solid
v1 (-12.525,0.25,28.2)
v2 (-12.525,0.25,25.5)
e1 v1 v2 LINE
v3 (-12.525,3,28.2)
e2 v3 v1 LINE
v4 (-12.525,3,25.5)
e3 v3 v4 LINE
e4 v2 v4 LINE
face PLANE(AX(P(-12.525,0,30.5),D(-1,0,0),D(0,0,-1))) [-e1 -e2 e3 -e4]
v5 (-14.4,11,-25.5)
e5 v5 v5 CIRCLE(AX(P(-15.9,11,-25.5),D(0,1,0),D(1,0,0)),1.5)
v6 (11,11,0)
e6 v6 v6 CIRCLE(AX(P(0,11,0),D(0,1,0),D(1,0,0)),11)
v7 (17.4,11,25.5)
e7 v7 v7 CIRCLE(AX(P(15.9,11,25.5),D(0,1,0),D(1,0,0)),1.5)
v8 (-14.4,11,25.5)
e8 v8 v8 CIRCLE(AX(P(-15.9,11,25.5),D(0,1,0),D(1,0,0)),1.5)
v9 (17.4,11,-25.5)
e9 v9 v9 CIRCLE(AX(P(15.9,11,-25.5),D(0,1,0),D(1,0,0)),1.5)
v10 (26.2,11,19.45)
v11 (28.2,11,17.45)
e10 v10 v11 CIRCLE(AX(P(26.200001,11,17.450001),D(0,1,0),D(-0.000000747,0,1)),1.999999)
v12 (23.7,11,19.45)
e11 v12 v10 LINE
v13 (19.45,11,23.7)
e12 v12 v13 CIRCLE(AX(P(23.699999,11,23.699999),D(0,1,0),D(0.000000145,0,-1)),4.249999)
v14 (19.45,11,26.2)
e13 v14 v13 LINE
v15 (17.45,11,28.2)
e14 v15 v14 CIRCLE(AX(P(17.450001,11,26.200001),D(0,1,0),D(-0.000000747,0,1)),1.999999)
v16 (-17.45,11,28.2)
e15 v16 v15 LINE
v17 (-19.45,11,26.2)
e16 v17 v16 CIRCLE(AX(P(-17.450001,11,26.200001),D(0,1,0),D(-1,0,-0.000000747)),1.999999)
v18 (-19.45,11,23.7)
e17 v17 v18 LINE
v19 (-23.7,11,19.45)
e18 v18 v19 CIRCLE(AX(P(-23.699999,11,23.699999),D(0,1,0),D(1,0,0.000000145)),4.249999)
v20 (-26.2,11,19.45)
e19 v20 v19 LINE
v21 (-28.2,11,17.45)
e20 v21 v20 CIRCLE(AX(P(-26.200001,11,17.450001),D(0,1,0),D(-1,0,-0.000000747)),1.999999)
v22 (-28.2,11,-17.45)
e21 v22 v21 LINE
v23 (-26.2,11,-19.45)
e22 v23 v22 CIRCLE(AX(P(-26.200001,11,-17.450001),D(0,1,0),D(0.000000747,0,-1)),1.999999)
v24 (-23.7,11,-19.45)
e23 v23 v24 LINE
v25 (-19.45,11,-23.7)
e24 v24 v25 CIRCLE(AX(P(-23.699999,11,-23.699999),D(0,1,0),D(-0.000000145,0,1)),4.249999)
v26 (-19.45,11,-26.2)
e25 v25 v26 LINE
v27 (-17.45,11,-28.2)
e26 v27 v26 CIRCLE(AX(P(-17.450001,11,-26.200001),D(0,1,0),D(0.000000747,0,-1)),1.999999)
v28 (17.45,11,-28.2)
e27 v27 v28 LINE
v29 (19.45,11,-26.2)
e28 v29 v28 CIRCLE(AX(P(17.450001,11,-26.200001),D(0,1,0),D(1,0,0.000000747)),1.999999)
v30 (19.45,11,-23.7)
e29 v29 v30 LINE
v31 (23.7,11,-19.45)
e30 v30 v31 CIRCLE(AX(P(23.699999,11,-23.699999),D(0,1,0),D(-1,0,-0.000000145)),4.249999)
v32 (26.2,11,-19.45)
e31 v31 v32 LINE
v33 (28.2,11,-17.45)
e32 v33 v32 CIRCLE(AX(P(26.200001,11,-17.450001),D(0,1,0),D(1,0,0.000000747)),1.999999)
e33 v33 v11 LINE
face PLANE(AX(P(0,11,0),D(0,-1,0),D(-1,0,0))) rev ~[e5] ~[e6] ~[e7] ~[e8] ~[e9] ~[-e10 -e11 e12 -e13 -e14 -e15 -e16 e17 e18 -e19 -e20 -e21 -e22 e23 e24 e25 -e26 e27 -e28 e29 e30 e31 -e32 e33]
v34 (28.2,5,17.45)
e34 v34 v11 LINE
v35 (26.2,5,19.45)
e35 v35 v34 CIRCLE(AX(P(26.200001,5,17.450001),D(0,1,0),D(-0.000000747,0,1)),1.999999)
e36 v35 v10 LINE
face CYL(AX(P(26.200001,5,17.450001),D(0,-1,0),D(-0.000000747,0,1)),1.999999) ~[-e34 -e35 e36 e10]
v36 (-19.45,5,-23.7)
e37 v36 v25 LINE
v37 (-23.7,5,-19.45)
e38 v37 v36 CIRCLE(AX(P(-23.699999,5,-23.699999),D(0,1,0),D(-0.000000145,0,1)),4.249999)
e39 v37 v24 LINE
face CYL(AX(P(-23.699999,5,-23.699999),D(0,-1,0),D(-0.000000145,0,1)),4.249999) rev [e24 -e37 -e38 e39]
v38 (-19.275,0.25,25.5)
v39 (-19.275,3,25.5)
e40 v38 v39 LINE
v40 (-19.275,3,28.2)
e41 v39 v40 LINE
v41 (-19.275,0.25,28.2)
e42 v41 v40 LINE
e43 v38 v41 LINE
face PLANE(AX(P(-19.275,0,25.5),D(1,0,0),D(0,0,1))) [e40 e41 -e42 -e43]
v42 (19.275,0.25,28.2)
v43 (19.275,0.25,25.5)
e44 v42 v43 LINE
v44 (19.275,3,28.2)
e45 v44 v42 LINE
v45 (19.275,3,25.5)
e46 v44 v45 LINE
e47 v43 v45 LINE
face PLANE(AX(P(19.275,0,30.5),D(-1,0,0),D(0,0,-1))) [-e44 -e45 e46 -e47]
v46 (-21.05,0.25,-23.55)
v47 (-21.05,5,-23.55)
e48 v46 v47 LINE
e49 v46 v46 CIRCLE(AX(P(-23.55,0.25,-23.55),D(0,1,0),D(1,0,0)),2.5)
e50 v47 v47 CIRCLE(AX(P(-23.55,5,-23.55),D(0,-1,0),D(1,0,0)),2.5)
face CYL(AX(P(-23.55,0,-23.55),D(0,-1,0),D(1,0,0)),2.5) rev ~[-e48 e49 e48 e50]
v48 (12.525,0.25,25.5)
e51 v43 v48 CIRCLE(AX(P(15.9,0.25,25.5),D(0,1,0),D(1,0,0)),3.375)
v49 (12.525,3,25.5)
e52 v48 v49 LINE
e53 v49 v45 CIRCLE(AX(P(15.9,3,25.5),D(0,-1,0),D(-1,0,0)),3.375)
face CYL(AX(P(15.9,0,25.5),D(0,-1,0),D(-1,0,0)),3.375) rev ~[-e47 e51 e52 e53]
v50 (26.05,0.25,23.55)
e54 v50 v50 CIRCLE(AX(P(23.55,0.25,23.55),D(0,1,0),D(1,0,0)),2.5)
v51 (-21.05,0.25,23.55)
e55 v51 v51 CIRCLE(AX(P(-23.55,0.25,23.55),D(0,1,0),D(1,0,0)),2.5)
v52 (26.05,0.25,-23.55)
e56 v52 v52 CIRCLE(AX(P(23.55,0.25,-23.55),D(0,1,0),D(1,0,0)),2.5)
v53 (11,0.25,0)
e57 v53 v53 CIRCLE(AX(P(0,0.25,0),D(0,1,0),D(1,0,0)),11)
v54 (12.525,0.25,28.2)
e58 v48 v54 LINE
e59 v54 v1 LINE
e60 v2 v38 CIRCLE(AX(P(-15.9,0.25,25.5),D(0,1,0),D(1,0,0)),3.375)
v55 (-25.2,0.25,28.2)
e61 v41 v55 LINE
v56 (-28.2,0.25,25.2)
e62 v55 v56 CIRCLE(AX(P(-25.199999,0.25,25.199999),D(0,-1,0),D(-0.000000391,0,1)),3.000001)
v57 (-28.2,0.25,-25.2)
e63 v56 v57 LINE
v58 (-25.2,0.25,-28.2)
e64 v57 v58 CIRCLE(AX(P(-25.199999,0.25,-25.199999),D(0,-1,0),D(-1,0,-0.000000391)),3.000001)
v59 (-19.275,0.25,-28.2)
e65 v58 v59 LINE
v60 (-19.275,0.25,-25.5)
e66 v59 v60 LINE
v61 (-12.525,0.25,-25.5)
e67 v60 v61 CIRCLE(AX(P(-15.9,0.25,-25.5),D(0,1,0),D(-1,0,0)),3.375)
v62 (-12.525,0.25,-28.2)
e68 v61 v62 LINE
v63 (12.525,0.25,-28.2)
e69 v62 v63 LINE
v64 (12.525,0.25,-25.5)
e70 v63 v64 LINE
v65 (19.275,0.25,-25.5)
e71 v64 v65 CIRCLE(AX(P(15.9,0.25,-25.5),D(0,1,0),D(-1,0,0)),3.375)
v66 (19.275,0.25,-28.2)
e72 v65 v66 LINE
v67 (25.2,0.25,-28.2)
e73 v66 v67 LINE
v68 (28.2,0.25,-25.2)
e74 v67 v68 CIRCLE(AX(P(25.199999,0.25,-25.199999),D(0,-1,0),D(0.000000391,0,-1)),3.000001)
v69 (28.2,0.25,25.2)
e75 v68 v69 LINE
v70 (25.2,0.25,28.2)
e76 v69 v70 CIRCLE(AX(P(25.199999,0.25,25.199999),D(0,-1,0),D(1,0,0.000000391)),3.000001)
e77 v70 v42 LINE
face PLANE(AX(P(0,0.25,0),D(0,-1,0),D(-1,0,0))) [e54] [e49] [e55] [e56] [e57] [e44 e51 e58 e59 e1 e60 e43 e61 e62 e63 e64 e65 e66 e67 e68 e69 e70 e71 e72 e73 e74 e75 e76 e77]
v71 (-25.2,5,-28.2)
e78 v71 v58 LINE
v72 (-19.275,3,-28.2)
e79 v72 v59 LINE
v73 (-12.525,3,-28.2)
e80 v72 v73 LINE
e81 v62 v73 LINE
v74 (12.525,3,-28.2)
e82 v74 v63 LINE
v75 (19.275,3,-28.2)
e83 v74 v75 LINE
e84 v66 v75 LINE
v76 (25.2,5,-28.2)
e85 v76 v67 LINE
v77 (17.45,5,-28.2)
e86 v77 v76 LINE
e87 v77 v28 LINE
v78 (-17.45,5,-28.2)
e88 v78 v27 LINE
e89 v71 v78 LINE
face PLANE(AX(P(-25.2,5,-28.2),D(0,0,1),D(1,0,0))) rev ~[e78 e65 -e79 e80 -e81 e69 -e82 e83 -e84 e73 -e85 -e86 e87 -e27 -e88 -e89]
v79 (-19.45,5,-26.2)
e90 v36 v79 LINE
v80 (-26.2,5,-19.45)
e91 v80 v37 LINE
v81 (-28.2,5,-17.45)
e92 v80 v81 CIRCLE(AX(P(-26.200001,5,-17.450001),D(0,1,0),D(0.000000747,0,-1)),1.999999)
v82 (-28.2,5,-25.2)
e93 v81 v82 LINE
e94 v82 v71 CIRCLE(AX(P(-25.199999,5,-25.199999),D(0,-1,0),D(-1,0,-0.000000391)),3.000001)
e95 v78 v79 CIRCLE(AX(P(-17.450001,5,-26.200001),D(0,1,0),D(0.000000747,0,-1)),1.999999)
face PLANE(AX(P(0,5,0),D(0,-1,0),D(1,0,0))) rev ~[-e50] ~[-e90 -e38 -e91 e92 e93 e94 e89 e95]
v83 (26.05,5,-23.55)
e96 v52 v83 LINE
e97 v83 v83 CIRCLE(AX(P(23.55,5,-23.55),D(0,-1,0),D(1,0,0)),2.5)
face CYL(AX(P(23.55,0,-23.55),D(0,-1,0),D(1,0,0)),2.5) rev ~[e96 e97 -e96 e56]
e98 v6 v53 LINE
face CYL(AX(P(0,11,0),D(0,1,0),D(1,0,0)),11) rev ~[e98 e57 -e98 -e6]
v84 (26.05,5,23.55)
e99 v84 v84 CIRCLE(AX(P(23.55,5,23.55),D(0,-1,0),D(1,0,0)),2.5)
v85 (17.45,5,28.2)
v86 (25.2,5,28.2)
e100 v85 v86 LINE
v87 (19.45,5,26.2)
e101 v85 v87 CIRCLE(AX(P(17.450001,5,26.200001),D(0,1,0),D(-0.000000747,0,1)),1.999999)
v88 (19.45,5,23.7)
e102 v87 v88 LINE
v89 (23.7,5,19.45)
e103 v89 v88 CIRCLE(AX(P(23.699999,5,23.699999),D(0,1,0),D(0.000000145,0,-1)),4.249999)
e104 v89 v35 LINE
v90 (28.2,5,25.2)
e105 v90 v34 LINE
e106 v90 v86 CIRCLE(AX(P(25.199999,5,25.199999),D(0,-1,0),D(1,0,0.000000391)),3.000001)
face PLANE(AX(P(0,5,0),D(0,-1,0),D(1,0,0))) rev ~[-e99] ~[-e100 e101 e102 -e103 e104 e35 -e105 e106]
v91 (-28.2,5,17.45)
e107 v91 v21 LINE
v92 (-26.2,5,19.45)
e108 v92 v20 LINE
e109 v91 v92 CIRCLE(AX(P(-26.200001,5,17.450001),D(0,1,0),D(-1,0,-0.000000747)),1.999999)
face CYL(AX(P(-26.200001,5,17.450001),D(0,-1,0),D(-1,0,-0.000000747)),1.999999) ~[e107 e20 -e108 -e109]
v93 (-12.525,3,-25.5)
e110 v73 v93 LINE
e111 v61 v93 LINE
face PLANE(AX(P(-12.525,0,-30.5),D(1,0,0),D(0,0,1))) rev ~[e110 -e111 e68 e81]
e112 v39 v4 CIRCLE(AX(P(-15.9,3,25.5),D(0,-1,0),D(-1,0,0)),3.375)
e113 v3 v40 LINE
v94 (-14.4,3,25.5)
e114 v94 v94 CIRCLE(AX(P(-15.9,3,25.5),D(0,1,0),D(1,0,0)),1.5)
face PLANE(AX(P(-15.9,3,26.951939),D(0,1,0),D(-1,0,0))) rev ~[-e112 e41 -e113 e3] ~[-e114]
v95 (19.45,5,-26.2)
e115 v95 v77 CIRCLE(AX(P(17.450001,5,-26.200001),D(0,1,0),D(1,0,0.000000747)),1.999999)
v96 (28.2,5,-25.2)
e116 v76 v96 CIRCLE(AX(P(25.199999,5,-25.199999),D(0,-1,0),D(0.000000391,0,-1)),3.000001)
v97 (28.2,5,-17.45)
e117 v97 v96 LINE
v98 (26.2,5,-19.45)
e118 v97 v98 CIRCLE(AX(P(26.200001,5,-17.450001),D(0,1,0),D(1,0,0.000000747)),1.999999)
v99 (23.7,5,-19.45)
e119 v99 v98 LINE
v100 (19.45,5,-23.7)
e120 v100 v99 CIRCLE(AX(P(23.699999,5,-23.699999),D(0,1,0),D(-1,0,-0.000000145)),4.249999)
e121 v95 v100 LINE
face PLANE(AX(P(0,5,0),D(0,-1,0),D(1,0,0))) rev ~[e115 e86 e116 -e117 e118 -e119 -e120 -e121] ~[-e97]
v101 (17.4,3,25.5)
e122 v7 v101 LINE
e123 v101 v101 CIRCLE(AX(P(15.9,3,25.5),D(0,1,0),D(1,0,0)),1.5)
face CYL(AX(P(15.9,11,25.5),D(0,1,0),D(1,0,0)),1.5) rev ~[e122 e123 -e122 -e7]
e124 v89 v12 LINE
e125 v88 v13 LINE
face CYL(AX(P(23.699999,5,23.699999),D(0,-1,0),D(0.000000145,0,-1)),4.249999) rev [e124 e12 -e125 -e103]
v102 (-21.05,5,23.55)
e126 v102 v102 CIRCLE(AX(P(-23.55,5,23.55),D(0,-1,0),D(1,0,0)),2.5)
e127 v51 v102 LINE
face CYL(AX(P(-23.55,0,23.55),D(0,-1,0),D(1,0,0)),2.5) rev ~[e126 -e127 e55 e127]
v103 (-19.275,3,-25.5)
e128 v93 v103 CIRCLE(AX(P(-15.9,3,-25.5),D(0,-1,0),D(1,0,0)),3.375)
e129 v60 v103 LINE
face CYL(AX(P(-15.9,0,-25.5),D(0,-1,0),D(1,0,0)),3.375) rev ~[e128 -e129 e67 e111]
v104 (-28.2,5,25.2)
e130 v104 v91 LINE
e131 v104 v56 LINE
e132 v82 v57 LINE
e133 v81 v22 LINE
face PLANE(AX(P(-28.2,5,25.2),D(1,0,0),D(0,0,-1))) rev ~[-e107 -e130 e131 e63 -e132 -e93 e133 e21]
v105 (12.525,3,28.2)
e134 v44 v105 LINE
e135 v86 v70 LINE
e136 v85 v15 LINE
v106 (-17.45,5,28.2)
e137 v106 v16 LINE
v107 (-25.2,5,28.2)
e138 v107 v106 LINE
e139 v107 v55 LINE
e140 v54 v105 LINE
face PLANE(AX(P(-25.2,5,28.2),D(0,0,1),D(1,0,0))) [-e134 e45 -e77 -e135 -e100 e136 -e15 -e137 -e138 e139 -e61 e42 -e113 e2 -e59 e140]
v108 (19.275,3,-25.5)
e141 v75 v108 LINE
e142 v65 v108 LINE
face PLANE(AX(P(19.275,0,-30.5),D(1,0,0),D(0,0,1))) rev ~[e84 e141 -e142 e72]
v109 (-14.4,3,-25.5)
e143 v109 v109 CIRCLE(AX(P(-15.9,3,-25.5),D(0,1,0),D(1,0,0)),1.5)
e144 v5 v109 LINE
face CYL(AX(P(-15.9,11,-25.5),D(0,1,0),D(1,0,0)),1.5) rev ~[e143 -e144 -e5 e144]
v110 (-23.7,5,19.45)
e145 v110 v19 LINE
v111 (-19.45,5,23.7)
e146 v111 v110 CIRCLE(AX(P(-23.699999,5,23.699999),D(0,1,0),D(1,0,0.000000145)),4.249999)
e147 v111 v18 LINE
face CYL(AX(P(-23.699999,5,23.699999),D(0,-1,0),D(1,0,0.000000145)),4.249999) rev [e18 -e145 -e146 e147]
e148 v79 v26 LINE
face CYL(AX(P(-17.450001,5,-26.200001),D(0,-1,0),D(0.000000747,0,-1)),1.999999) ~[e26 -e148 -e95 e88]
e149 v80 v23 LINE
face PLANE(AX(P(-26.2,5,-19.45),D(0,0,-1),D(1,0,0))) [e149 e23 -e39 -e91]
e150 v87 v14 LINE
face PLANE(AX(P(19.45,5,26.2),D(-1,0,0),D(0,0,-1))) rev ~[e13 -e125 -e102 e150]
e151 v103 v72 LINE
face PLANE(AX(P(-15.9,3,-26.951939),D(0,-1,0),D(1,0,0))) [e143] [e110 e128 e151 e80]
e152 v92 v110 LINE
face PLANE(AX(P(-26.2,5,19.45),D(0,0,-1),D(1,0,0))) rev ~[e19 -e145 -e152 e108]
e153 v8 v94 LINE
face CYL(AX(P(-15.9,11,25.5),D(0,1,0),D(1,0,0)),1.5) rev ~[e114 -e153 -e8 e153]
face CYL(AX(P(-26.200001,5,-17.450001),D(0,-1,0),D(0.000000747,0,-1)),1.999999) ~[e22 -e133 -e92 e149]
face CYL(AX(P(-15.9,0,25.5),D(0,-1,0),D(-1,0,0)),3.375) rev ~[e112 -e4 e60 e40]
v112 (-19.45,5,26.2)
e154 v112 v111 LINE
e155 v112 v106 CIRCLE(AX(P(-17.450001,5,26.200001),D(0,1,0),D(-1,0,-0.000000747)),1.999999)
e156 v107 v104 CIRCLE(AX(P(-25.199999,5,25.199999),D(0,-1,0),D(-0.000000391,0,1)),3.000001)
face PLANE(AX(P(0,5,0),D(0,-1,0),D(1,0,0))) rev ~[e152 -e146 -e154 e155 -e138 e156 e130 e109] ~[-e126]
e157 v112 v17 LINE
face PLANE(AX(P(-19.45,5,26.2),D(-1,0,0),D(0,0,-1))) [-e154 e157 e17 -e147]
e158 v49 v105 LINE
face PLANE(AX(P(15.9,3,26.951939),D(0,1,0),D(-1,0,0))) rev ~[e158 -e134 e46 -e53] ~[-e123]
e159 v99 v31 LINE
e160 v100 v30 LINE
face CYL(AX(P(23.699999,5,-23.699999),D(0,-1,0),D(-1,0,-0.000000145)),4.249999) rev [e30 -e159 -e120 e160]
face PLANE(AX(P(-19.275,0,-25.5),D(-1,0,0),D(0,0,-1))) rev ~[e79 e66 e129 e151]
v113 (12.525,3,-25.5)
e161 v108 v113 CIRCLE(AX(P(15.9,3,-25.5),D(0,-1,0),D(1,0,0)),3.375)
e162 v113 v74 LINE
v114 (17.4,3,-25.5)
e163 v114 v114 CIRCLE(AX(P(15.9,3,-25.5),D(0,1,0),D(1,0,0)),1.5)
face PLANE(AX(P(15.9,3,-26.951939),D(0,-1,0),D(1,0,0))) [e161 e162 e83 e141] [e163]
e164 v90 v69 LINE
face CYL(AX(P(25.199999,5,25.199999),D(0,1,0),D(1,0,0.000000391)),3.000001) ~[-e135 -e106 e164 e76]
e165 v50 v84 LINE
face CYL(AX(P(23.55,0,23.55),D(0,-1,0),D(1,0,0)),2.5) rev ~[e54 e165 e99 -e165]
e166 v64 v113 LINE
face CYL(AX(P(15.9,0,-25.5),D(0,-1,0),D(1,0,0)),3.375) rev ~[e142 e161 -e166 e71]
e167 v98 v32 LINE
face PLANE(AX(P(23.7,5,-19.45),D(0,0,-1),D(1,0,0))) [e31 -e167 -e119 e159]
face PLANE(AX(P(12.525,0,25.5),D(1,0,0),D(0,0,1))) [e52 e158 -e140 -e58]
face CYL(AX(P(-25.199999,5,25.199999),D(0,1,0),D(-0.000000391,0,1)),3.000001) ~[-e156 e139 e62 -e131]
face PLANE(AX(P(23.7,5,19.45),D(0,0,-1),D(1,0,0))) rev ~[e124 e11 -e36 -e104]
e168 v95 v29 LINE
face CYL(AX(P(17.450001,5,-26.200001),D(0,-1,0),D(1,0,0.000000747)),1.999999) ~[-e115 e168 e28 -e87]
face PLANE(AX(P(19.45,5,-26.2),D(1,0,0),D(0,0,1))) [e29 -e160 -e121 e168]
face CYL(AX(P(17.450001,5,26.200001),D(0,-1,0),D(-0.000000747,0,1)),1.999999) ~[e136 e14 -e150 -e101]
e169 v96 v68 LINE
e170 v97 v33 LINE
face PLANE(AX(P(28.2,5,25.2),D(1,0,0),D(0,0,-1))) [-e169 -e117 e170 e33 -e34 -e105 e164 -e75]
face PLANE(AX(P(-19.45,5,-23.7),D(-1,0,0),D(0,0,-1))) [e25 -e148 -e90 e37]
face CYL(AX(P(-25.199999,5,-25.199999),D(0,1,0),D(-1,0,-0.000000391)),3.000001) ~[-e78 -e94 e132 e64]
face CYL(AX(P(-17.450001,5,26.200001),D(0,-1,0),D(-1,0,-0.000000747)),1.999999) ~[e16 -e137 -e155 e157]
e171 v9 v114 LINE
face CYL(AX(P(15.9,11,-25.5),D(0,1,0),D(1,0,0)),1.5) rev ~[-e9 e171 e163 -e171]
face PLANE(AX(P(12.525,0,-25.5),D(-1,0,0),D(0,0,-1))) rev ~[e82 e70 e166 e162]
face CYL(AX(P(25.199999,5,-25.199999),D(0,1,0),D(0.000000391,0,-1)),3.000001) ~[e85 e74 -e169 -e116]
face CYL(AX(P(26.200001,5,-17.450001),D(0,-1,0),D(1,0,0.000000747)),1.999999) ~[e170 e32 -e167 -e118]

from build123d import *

# Parameters (mm, degrees)
SKETCH003_R          = 5.5
PAD002_DEPTH         = 6
SKETCH_R             = 5.5
PAD_DEPTH            = 5
SKETCH005_R          = 19.05
SKETCH005_R_2        = 5.5
PAD004_DEPTH         = 1.1
SKETCH006_R          = 2.5
POCKET_DEPTH         = 11.001
SKETCH007_R          = 1.5
POCKET001_DEPTH      = 12.101
POCKET004_DEPTH      = 3
SKETCH018_R          = 11
POCKET009_DEPTH      = 11
POCKET009_FACE32_R   = 2.5
POCKET009_FACE32_R_2 = 19.05
POCKET014_DEPTH      = 0.25
POCKET014_FACE62_R   = 19.05
POCKET014_FACE62_R_2 = 5.5
POCKET021_DEPTH      = 1.35


with BuildPart() as part:
    # Sketch003 → Pad002 (new body)
    with BuildSketch(Plane(origin=(0, 5, 0), x_dir=(1, 0, 0), z_dir=(0, 1, 0))):
        with BuildLine():
            Line((-26.2, 19.45), (-23.7, 19.45))
            ThreePointArc((-23.7, 19.45), (-20.694796, 20.694796), (-19.45, 23.7))
            Line((-19.45, 23.7), (-19.45, 26.2))
            ThreePointArc((-17.45, 28.2), (-18.864214, 27.614214), (-19.45, 26.2))
            Line((-17.45, 28.2), (17.45, 28.2))
            ThreePointArc((19.45, 26.2), (18.864214, 27.614214), (17.45, 28.2))
            Line((19.45, 26.2), (19.45, 23.7))
            ThreePointArc((19.45, 23.7), (20.694796, 20.694796), (23.7, 19.45))
            Line((23.7, 19.45), (26.2, 19.45))
            ThreePointArc((28.2, 17.45), (27.614214, 18.864214), (26.2, 19.45))
            Line((28.2, 17.45), (28.2, -17.45))
            ThreePointArc((26.2, -19.45), (27.614214, -18.864214), (28.2, -17.45))
            Line((23.7, -19.45), (26.2, -19.45))
            ThreePointArc((23.7, -19.45), (20.694796, -20.694796), (19.45, -23.7))
            Line((19.45, -26.2), (19.45, -23.7))
            ThreePointArc((17.45, -28.2), (18.864214, -27.614214), (19.45, -26.2))
            Line((-17.45, -28.2), (17.45, -28.2))
            ThreePointArc((-19.45, -26.2), (-18.864214, -27.614214), (-17.45, -28.2))
            Line((-19.45, -26.2), (-19.45, -23.7))
            ThreePointArc((-19.45, -23.7), (-20.694796, -20.694796), (-23.7, -19.45))
            Line((-26.2, -19.45), (-23.7, -19.45))
            ThreePointArc((-28.2, -17.45), (-27.614214, -18.864214), (-26.2, -19.45))
            Line((-28.2, 17.45), (-28.2, -17.45))
            ThreePointArc((-26.2, 19.45), (-27.614214, 18.864214), (-28.2, 17.45))
        make_face()
        Circle(SKETCH003_R, mode=Mode.SUBTRACT)
    extrude(amount=PAD002_DEPTH)

    # Sketch (on Face26 of Pad002) → Pad (join)
    with BuildSketch(Plane.XZ.offset(-5)):
        with BuildLine():
            Line((-28.2, 25.2), (-28.2, -25.2))
            ThreePointArc((-28.2, -25.2), (-27.32132, -27.32132), (-25.2, -28.2))
            Line((-25.2, -28.2), (25.2, -28.2))
            ThreePointArc((25.2, -28.2), (27.32132, -27.32132), (28.2, -25.2))
            Line((28.2, 25.2), (28.2, -25.2))
            ThreePointArc((28.2, 25.2), (27.32132, 27.32132), (25.2, 28.2))
            Line((-25.2, 28.2), (25.2, 28.2))
            ThreePointArc((-25.2, 28.2), (-27.32132, 27.32132), (-28.2, 25.2))
        make_face()
        Circle(SKETCH_R, mode=Mode.SUBTRACT)
    extrude(amount=PAD_DEPTH)

    # Sketch005 (on Face33 of Pad) → Pad004 (join)
    with BuildSketch(Plane.XZ):
        Circle(SKETCH005_R)
        Circle(SKETCH005_R_2, mode=Mode.SUBTRACT)
    extrude(amount=PAD004_DEPTH)

    # Sketch006 (on Face33 of Pad004) → Pocket (cut, through all)
    with BuildSketch(Plane.XZ):
        with Locations((-23.55, 23.55)):
            Circle(SKETCH006_R)
        with Locations((23.55, 23.55)):
            Circle(SKETCH006_R)
        with Locations((23.55, -23.55)):
            Circle(SKETCH006_R)
        with Locations((-23.55, -23.55)):
            Circle(SKETCH006_R)
    extrude(amount=-POCKET_DEPTH, mode=Mode.SUBTRACT)

    # Sketch007 (on Face5 of Pocket) → Pocket001 (cut, through all)
    with BuildSketch(Plane(origin=(0, 11, 0), x_dir=(1, 0, 0), z_dir=(0, 1, 0))):
        with Locations((-15.9, 25.5)):
            Circle(SKETCH007_R)
        with Locations((15.9, 25.5)):
            Circle(SKETCH007_R)
        with Locations((-15.9, -25.5)):
            Circle(SKETCH007_R)
        with Locations((15.9, -25.5)):
            Circle(SKETCH007_R)
    extrude(amount=-POCKET001_DEPTH, mode=Mode.SUBTRACT)

    # Sketch012 (on Face38 of Pocket001) → Pocket004 (cut)
    with BuildSketch(Plane.XZ):
        with BuildLine():
            Line((-19.275, -25.5), (-19.275, -30.5))
            Line((-19.275, -30.5), (-12.525, -30.5))
            Line((-12.525, -30.5), (-12.525, -25.5))
            ThreePointArc((-12.525, -25.5), (-15.9, -22.125), (-19.275, -25.5))
        make_face()
        with BuildLine():
            Line((12.525, -25.5), (12.525, -30.5))
            Line((12.525, -30.5), (19.275, -30.5))
            Line((19.275, -30.5), (19.275, -25.5))
            ThreePointArc((19.275, -25.5), (15.9, -22.125), (12.525, -25.5))
        make_face()
        with BuildLine():
            Line((-19.275, 25.5), (-19.275, 30.5))
            Line((-19.275, 30.5), (-12.525, 30.5))
            Line((-12.525, 30.5), (-12.525, 25.5))
            ThreePointArc((-19.275, 25.5), (-15.9, 22.125), (-12.525, 25.5))
        make_face()
        with BuildLine():
            Line((12.525, 25.5), (12.525, 30.5))
            Line((12.525, 30.5), (19.275, 30.5))
            Line((19.275, 30.5), (19.275, 25.5))
            ThreePointArc((12.525, 25.5), (15.9, 22.125), (19.275, 25.5))
        make_face()
    extrude(amount=-POCKET004_DEPTH, mode=Mode.SUBTRACT)

    # Sketch018 (on Face5 of Pocket004) → Pocket009 (cut)
    with BuildSketch(Plane(origin=(0, 11, 0), x_dir=(1, 0, 0), z_dir=(0, 1, 0))):
        Circle(SKETCH018_R)
    extrude(amount=-POCKET009_DEPTH, mode=Mode.SUBTRACT)

    # Pocket009 Face32 → Pocket014 (cut)
    with BuildSketch(Plane(origin=(0, 0, 0), x_dir=(-1, 0, 0), z_dir=(0, -1, 0))):
        with BuildLine():
            Line((19.275, -28.2), (25.2, -28.2))
            ThreePointArc((25.2, -28.2), (27.32132, -27.32132), (28.2, -25.2))
            Line((28.2, -25.2), (28.2, 25.2))
            ThreePointArc((28.2, 25.2), (27.32132, 27.32132), (25.2, 28.2))
            Line((25.2, 28.2), (19.275, 28.2))
            Line((19.275, 28.2), (19.275, 25.5))
            ThreePointArc((19.275, 25.5), (15.9, 22.125), (12.525, 25.5))
            Line((12.525, 25.5), (12.525, 28.2))
            Line((12.525, 28.2), (-12.525, 28.2))
            Line((-12.525, 28.2), (-12.525, 25.5))
            ThreePointArc((-12.525, 25.5), (-15.9, 22.125), (-19.275, 25.5))
            Line((-19.275, 25.5), (-19.275, 28.2))
            Line((-19.275, 28.2), (-25.2, 28.2))
            ThreePointArc((-25.2, 28.2), (-27.32132, 27.32132), (-28.2, 25.2))
            Line((-28.2, 25.2), (-28.2, -25.2))
            ThreePointArc((-28.2, -25.2), (-27.32132, -27.32132), (-25.2, -28.2))
            Line((-25.2, -28.2), (-19.275, -28.2))
            Line((-19.275, -28.2), (-19.275, -25.5))
            ThreePointArc((-19.275, -25.5), (-15.9, -22.125), (-12.525, -25.5))
            Line((-12.525, -25.5), (-12.525, -28.2))
            Line((-12.525, -28.2), (12.525, -28.2))
            Line((12.525, -28.2), (12.525, -25.5))
            ThreePointArc((12.525, -25.5), (15.9, -22.125), (19.275, -25.5))
            Line((19.275, -25.5), (19.275, -28.2))
        make_face()
        with Locations((23.55, -23.55)):
            Circle(POCKET009_FACE32_R, mode=Mode.SUBTRACT)
        with Locations((23.55, 23.55)):
            Circle(POCKET009_FACE32_R, mode=Mode.SUBTRACT)
        Circle(POCKET009_FACE32_R_2, mode=Mode.SUBTRACT)
        with Locations((-23.55, -23.55)):
            Circle(POCKET009_FACE32_R, mode=Mode.SUBTRACT)
        with Locations((-23.55, 23.55)):
            Circle(POCKET009_FACE32_R, mode=Mode.SUBTRACT)
    extrude(amount=-POCKET014_DEPTH, mode=Mode.SUBTRACT)

    # Pocket014 Face62 → Pocket021 (cut)
    with BuildSketch(Plane(origin=(0, -1.1, 0), x_dir=(-1, 0, 0), z_dir=(0, -1, 0))):
        Circle(POCKET014_FACE62_R)
        Circle(POCKET014_FACE62_R_2, mode=Mode.SUBTRACT)
    extrude(amount=-POCKET021_DEPTH, mode=Mode.SUBTRACT)


solid = part.part
